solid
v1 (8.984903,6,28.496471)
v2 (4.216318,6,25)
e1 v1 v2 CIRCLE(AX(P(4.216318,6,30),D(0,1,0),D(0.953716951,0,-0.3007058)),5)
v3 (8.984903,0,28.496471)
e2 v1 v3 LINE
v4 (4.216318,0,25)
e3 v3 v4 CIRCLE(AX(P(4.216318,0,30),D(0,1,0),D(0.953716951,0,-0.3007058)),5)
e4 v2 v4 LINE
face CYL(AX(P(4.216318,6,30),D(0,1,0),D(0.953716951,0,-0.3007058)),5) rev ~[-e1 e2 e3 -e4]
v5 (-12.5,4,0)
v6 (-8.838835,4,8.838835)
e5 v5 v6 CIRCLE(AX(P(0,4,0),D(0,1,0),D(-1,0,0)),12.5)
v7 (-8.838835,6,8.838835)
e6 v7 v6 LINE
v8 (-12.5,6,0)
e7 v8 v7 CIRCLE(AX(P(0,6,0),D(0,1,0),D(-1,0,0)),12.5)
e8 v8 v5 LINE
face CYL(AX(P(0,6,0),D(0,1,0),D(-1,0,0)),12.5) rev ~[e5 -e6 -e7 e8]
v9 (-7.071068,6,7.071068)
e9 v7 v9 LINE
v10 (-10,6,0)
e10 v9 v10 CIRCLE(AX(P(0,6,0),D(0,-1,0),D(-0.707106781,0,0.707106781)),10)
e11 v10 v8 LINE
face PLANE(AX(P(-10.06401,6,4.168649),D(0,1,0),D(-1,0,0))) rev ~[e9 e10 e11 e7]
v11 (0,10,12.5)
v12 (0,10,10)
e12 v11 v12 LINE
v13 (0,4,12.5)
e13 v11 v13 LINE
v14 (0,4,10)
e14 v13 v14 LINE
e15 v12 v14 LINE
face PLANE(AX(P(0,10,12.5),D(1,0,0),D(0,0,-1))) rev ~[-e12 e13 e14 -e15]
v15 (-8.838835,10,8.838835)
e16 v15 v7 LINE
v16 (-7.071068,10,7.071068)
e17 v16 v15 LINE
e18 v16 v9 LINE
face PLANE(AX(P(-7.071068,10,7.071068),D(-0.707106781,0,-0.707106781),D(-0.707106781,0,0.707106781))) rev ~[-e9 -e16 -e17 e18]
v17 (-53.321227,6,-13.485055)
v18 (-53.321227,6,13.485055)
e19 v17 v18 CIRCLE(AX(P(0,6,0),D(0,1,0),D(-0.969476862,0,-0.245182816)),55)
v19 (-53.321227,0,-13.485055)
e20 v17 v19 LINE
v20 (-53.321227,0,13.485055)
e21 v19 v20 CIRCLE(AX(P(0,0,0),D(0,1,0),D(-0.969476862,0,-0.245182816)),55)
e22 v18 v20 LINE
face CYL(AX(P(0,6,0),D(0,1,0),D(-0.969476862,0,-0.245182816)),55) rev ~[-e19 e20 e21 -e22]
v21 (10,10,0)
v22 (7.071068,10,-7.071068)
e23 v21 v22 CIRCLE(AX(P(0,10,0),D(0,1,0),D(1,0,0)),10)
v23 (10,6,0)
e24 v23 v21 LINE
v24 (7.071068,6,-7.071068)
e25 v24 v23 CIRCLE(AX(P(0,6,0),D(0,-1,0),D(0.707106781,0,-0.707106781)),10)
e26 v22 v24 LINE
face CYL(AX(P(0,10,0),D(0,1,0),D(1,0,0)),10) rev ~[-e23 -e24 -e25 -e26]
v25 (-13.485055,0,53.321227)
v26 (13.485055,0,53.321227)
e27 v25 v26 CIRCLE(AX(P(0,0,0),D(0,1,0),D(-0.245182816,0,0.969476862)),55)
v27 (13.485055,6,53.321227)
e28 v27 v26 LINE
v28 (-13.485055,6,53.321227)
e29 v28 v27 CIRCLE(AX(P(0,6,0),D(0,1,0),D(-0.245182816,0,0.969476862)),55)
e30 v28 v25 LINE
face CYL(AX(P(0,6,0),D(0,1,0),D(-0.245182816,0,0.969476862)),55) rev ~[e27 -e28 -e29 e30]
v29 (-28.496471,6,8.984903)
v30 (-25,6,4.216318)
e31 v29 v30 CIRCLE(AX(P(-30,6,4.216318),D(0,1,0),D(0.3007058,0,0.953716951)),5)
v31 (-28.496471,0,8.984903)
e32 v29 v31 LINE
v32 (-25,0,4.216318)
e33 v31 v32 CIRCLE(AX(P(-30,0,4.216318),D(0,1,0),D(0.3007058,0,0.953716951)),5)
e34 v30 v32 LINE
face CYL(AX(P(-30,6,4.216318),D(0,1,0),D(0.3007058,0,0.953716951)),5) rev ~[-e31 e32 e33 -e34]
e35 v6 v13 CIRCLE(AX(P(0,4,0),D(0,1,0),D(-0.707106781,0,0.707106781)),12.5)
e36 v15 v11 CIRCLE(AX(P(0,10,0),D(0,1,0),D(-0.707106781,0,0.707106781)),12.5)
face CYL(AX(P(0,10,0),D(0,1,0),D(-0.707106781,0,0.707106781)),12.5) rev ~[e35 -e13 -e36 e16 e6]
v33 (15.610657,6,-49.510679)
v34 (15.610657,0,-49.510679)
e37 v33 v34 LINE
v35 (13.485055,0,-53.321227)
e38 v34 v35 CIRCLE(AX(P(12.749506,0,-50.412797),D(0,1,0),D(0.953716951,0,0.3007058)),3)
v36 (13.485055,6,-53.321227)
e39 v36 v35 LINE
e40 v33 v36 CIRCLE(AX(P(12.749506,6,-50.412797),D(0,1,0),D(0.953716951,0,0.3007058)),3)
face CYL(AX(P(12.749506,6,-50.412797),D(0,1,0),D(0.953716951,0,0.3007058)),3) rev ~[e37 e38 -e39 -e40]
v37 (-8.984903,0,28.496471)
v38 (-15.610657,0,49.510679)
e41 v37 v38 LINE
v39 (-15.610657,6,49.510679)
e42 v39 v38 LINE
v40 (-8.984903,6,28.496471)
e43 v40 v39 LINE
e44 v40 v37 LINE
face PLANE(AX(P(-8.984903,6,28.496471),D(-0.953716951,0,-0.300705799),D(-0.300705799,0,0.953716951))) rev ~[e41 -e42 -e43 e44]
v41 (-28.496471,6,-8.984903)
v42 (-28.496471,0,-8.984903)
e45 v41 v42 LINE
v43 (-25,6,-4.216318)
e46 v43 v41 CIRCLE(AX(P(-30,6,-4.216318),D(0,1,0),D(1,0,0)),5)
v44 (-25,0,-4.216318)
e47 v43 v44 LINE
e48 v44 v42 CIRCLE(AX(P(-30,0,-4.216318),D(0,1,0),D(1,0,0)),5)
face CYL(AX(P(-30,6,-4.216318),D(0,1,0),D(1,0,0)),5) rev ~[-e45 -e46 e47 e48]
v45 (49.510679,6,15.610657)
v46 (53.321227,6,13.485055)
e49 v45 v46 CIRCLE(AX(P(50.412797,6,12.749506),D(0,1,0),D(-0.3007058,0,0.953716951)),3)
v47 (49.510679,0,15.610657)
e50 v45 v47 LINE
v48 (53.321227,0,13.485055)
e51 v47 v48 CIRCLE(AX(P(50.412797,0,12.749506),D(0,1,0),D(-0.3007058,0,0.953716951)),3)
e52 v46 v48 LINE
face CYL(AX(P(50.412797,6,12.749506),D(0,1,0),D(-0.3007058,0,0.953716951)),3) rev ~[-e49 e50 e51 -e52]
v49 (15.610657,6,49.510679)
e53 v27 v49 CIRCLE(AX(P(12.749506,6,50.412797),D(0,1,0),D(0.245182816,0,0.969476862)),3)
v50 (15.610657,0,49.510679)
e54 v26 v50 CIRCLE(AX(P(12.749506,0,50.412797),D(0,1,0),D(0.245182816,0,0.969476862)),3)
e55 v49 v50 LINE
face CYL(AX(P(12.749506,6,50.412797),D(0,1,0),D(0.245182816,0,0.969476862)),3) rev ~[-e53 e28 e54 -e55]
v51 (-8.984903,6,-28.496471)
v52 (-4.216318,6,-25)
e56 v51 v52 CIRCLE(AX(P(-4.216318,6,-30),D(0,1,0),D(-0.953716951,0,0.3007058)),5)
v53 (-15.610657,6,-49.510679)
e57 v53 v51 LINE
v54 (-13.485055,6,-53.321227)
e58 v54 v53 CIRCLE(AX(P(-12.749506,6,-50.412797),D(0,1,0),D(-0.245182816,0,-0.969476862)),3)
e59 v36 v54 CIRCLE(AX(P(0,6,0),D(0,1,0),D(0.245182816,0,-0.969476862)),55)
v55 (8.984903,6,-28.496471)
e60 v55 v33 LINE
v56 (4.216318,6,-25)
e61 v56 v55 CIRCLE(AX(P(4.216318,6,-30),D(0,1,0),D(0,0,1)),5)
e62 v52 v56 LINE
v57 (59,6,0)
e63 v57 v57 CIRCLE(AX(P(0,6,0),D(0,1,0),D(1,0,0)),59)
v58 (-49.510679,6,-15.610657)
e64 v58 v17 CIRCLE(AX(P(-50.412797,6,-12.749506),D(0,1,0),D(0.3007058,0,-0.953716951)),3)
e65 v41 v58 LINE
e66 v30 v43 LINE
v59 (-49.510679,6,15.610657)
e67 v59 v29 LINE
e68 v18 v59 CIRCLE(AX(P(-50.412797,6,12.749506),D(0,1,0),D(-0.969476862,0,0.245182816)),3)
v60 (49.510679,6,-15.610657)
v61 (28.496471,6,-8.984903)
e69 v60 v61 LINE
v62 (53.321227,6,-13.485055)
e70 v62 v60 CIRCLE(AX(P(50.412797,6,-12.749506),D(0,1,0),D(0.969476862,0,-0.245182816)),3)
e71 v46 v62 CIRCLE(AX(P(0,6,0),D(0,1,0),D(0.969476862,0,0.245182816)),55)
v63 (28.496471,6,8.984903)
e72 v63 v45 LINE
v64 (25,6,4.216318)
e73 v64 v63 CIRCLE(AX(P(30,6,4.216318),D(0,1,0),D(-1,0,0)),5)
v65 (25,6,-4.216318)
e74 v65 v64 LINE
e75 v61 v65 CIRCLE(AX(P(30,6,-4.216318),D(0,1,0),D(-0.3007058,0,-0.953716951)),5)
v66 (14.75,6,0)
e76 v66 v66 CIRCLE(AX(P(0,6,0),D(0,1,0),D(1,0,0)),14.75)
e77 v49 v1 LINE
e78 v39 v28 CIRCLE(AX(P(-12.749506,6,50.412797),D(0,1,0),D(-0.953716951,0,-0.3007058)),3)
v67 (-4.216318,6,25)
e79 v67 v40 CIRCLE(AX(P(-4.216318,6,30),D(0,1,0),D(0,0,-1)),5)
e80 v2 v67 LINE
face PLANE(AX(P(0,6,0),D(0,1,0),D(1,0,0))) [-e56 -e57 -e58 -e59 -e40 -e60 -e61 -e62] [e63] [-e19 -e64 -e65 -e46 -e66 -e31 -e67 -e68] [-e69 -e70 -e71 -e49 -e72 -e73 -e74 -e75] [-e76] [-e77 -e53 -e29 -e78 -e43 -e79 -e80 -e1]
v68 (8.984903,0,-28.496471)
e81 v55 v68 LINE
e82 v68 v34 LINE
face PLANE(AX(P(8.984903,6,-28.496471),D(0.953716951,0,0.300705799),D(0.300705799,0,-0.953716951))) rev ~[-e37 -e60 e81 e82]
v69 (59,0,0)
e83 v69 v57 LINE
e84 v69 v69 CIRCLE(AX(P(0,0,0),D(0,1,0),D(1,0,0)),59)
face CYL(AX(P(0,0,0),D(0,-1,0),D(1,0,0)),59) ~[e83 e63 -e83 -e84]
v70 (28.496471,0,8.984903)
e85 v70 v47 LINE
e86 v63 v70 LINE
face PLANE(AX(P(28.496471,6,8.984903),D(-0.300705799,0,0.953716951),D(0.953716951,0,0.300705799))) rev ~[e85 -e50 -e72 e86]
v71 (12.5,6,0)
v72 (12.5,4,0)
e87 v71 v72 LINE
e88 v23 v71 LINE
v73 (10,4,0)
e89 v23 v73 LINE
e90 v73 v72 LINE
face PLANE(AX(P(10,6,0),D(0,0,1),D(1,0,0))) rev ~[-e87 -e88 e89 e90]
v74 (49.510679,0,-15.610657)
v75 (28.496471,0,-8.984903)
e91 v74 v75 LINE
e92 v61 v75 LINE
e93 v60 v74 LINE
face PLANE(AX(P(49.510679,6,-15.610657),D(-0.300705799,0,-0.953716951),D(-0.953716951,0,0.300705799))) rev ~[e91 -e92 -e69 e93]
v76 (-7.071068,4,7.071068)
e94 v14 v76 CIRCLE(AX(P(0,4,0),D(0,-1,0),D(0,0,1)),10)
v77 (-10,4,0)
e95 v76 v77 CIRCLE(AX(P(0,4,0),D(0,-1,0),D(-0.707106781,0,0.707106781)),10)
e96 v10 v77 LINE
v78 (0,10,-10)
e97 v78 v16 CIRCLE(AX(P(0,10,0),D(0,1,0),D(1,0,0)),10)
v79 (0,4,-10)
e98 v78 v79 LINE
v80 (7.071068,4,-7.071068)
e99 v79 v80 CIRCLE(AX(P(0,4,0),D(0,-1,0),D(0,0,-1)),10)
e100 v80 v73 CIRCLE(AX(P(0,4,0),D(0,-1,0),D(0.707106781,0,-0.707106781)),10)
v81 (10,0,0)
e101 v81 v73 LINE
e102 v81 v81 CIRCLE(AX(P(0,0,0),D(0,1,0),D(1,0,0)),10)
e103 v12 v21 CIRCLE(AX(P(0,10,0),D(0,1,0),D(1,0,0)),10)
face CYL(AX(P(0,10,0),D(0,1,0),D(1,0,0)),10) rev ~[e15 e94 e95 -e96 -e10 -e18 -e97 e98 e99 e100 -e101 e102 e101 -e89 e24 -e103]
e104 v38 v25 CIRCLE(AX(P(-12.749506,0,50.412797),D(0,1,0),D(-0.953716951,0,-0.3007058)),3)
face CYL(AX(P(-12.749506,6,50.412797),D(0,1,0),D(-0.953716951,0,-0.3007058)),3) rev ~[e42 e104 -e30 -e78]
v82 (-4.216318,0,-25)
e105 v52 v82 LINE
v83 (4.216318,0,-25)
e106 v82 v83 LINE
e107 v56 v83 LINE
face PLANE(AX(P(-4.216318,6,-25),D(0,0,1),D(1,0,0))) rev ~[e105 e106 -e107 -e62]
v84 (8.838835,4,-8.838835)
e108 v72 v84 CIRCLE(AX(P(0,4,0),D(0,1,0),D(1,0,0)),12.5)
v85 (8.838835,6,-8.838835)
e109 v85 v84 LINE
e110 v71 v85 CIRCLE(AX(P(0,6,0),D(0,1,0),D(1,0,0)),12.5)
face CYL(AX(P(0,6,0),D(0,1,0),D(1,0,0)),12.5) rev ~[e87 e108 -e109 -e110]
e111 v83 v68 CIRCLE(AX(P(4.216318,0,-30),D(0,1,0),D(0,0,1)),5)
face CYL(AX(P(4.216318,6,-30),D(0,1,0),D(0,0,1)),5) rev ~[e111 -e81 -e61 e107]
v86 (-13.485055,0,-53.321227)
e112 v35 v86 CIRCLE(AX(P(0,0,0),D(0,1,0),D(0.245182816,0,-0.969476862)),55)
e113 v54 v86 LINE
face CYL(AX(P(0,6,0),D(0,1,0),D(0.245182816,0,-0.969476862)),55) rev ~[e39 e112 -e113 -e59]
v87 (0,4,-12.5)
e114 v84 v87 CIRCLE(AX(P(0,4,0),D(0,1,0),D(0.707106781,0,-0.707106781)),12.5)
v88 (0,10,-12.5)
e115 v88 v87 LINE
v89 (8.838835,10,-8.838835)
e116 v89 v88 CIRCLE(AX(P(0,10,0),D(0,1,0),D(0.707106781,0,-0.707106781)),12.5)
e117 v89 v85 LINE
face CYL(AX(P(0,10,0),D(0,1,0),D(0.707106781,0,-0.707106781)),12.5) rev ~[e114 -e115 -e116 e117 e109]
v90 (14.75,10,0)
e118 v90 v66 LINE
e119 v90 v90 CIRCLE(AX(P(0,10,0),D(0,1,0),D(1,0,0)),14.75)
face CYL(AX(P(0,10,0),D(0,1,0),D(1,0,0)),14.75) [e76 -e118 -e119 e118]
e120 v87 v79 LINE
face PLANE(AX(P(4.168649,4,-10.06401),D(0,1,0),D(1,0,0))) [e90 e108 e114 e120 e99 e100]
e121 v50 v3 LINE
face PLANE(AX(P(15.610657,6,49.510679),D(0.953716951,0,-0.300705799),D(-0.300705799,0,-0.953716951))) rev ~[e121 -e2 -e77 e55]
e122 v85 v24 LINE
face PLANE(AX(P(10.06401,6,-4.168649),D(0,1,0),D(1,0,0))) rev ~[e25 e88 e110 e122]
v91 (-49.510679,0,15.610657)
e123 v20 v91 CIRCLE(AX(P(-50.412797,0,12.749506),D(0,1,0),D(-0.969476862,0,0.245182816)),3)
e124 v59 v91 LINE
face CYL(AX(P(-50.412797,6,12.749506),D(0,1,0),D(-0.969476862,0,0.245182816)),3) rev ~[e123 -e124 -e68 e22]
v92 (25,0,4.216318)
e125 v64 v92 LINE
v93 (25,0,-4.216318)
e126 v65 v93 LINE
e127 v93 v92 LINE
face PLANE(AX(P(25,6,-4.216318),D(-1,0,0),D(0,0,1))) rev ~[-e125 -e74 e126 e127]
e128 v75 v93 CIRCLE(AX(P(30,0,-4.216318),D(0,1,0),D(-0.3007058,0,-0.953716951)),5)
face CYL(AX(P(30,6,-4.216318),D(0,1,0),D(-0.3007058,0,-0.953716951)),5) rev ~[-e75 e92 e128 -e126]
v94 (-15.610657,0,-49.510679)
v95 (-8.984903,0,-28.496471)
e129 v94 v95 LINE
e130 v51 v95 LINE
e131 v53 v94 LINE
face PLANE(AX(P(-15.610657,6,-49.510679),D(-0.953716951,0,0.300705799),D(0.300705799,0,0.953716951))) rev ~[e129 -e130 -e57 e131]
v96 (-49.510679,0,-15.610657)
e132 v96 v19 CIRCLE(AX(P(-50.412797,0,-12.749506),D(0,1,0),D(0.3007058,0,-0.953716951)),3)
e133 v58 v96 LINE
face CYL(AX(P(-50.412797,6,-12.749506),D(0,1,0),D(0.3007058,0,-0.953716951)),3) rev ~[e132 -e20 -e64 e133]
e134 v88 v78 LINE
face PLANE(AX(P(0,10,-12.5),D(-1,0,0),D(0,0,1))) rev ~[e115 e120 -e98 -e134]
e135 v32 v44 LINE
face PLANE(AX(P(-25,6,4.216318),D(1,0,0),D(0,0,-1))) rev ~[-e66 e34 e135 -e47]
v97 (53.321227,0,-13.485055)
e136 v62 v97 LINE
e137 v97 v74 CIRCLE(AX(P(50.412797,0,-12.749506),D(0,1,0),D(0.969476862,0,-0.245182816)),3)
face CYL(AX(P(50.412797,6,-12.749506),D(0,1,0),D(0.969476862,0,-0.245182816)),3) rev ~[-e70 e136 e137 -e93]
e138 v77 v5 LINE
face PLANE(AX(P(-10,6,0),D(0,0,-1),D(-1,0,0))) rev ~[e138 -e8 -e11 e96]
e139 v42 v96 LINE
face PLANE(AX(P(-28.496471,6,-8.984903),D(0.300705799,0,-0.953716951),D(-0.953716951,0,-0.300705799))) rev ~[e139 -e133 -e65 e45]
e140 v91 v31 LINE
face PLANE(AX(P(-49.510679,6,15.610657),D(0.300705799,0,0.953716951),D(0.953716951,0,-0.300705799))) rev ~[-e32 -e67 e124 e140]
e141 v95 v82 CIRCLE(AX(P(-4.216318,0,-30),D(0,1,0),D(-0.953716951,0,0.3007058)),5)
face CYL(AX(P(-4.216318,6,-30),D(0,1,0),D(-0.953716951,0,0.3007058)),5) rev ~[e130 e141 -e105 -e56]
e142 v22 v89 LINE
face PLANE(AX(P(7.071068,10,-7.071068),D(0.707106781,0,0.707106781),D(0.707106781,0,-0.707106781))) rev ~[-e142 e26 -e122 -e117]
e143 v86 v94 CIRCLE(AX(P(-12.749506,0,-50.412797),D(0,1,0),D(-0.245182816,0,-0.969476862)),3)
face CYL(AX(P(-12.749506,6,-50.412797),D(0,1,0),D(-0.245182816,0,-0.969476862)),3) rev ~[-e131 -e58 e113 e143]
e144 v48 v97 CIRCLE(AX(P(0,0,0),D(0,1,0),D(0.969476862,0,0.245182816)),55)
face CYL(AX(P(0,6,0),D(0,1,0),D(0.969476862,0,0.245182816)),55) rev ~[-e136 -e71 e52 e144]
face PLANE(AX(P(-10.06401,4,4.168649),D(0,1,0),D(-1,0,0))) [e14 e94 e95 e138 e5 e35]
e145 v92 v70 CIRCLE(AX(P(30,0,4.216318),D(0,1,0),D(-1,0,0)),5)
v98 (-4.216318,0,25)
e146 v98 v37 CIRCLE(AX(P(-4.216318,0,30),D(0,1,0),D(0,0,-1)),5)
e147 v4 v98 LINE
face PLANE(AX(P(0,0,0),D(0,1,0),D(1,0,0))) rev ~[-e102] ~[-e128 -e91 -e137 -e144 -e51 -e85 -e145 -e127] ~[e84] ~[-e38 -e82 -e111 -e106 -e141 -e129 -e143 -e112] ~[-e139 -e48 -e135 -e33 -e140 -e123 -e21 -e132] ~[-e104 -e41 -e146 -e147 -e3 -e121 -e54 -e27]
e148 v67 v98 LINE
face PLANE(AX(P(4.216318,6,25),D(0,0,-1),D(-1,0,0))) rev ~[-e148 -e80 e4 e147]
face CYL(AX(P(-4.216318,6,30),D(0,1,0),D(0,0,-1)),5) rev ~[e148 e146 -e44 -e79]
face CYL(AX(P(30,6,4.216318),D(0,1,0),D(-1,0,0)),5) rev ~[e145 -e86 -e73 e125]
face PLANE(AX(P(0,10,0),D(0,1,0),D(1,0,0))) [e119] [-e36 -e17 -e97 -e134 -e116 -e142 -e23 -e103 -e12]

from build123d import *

# Parameters (mm, degrees)
SKETCH1_R           = 59
BOSS_EXTRUDE1_DEPTH = 6
CUT_EXTRUDE4_DEPTH  = 84.654049513
CIRPATTERN2_COUNT   = 4
SKETCH4_R           = 10
CUT_EXTRUDE6_DEPTH  = 10
BOSS_EXTRUDE2_START = 4
SKETCH5_R           = 14.75
SKETCH5_R_2         = 10
BOSS_EXTRUDE2_DEPTH = 4
CUT_EXTRUDE8_DEPTH  = 6
CUT_EXTRUDE9_START  = -4
CUT_EXTRUDE9_DEPTH  = 2
CIRPATTERN3_COUNT   = 2


with BuildPart() as part:
    # Sketch1 → Boss-Extrude1 (new body)
    with BuildSketch(Plane(origin=(0, 0, 0), x_dir=(1, 0, 0), z_dir=(0, 1, 0))):
        Circle(SKETCH1_R)
    extrude(amount=BOSS_EXTRUDE1_DEPTH)

    # Sketch2<3> → Cut-Extrude4 (cut, through all)
    with BuildSketch(Plane(origin=(0, 6, 0), x_dir=(1, 0, 0), z_dir=(0, 1, 0))):
        with BuildLine():
            Line((-15.610657267, 49.510679451), (-8.984902794, 28.496471002))
            ThreePointArc((-8.984902794, 28.496471002), (-7.172866282, 25.967776979), (-4.216318041, 25))
            Line((-4.216318041, 25), (4.216318041, 25))
            ThreePointArc((4.216318041, 25), (7.172866282, 25.967776979), (8.984902794, 28.496471002))
            Line((8.984902794, 28.496471002), (15.610657267, 49.510679451))
            ThreePointArc((15.610657267, 49.510679451), (15.369454974, 51.874258292), (13.485054862, 53.321227437))
            ThreePointArc((13.485054862, 53.321227437), (0, 55), (-13.485054862, 53.321227437))
            ThreePointArc((-13.485054862, 53.321227437), (-15.369454974, 51.874258292), (-15.610657267, 49.510679451))
        make_face()
    cut_extrude4 = extrude(amount=-CUT_EXTRUDE4_DEPTH, mode=Mode.SUBTRACT)

    # CirPattern2: Cut-Extrude4 ×4 about axis
    cirpattern2_axis = Axis((0, 6, 0), (0, -1, 0))
    for i in range(1, CIRPATTERN2_COUNT):
        add(cut_extrude4.rotate(cirpattern2_axis, i * 360 / CIRPATTERN2_COUNT), mode=Mode.SUBTRACT)

    # Sketch4 → Cut-Extrude6 (cut)
    with BuildSketch(Plane(origin=(0, 6, 0), x_dir=(1, 0, 0), z_dir=(0, 1, 0))):
        Circle(SKETCH4_R)
    extrude(amount=-CUT_EXTRUDE6_DEPTH, mode=Mode.SUBTRACT)

    # Sketch5 → Boss-Extrude2 (add)
    with BuildSketch(Plane(origin=(0, 6, 0), x_dir=(1, 0, 0), z_dir=(0, 1, 0)).offset(BOSS_EXTRUDE2_START)):
        Circle(SKETCH5_R)
        Circle(SKETCH5_R_2, mode=Mode.SUBTRACT)
    extrude(amount=-BOSS_EXTRUDE2_DEPTH)

    # Sketch6 → Cut-Extrude8 (cut)
    with BuildSketch(Plane(origin=(0, 10, 0), x_dir=(1, 0, 0), z_dir=(0, 1, 0))):
        with BuildLine():
            Line((0, 12.5), (0, 10))
            ThreePointArc((0, 10), (3.826834324, 9.238795325), (7.071067812, 7.071067812))
            Line((7.071067812, 7.071067812), (8.838834765, 8.838834765))
            ThreePointArc((8.838834765, 8.838834765), (4.783542905, 11.548494156), (0, 12.5))
        make_face()
    cut_extrude8 = extrude(amount=-CUT_EXTRUDE8_DEPTH, mode=Mode.SUBTRACT)

    # Sketch6<4> → Cut-Extrude9 (cut)
    with BuildSketch(Plane(origin=(0, 10, 0), x_dir=(1, 0, 0), z_dir=(0, 1, 0)).offset(CUT_EXTRUDE9_START)):
        with BuildLine():
            Line((8.838834765, 8.838834765), (7.071067812, 7.071067812))
            ThreePointArc((7.071067812, 7.071067812), (9.238795325, 3.826834324), (10, 0))
            Line((10, 0), (12.5, 0))
            ThreePointArc((12.5, 0), (11.548494156, 4.783542905), (8.838834765, 8.838834765))
        make_face()
    cut_extrude9 = extrude(amount=-CUT_EXTRUDE9_DEPTH, mode=Mode.SUBTRACT)

    # CirPattern3: Cut-Extrude8, Cut-Extrude9 ×2 about axis
    cirpattern3_axis = Axis((0, -4, 0), (0, 1, 0))
    add([cut_extrude8.rotate(cirpattern3_axis, i * 360 / CIRPATTERN3_COUNT) for i in range(1, CIRPATTERN3_COUNT)], mode=Mode.SUBTRACT)
    add([cut_extrude9.rotate(cirpattern3_axis, i * 360 / CIRPATTERN3_COUNT) for i in range(1, CIRPATTERN3_COUNT)], mode=Mode.SUBTRACT)


solid = part.part
